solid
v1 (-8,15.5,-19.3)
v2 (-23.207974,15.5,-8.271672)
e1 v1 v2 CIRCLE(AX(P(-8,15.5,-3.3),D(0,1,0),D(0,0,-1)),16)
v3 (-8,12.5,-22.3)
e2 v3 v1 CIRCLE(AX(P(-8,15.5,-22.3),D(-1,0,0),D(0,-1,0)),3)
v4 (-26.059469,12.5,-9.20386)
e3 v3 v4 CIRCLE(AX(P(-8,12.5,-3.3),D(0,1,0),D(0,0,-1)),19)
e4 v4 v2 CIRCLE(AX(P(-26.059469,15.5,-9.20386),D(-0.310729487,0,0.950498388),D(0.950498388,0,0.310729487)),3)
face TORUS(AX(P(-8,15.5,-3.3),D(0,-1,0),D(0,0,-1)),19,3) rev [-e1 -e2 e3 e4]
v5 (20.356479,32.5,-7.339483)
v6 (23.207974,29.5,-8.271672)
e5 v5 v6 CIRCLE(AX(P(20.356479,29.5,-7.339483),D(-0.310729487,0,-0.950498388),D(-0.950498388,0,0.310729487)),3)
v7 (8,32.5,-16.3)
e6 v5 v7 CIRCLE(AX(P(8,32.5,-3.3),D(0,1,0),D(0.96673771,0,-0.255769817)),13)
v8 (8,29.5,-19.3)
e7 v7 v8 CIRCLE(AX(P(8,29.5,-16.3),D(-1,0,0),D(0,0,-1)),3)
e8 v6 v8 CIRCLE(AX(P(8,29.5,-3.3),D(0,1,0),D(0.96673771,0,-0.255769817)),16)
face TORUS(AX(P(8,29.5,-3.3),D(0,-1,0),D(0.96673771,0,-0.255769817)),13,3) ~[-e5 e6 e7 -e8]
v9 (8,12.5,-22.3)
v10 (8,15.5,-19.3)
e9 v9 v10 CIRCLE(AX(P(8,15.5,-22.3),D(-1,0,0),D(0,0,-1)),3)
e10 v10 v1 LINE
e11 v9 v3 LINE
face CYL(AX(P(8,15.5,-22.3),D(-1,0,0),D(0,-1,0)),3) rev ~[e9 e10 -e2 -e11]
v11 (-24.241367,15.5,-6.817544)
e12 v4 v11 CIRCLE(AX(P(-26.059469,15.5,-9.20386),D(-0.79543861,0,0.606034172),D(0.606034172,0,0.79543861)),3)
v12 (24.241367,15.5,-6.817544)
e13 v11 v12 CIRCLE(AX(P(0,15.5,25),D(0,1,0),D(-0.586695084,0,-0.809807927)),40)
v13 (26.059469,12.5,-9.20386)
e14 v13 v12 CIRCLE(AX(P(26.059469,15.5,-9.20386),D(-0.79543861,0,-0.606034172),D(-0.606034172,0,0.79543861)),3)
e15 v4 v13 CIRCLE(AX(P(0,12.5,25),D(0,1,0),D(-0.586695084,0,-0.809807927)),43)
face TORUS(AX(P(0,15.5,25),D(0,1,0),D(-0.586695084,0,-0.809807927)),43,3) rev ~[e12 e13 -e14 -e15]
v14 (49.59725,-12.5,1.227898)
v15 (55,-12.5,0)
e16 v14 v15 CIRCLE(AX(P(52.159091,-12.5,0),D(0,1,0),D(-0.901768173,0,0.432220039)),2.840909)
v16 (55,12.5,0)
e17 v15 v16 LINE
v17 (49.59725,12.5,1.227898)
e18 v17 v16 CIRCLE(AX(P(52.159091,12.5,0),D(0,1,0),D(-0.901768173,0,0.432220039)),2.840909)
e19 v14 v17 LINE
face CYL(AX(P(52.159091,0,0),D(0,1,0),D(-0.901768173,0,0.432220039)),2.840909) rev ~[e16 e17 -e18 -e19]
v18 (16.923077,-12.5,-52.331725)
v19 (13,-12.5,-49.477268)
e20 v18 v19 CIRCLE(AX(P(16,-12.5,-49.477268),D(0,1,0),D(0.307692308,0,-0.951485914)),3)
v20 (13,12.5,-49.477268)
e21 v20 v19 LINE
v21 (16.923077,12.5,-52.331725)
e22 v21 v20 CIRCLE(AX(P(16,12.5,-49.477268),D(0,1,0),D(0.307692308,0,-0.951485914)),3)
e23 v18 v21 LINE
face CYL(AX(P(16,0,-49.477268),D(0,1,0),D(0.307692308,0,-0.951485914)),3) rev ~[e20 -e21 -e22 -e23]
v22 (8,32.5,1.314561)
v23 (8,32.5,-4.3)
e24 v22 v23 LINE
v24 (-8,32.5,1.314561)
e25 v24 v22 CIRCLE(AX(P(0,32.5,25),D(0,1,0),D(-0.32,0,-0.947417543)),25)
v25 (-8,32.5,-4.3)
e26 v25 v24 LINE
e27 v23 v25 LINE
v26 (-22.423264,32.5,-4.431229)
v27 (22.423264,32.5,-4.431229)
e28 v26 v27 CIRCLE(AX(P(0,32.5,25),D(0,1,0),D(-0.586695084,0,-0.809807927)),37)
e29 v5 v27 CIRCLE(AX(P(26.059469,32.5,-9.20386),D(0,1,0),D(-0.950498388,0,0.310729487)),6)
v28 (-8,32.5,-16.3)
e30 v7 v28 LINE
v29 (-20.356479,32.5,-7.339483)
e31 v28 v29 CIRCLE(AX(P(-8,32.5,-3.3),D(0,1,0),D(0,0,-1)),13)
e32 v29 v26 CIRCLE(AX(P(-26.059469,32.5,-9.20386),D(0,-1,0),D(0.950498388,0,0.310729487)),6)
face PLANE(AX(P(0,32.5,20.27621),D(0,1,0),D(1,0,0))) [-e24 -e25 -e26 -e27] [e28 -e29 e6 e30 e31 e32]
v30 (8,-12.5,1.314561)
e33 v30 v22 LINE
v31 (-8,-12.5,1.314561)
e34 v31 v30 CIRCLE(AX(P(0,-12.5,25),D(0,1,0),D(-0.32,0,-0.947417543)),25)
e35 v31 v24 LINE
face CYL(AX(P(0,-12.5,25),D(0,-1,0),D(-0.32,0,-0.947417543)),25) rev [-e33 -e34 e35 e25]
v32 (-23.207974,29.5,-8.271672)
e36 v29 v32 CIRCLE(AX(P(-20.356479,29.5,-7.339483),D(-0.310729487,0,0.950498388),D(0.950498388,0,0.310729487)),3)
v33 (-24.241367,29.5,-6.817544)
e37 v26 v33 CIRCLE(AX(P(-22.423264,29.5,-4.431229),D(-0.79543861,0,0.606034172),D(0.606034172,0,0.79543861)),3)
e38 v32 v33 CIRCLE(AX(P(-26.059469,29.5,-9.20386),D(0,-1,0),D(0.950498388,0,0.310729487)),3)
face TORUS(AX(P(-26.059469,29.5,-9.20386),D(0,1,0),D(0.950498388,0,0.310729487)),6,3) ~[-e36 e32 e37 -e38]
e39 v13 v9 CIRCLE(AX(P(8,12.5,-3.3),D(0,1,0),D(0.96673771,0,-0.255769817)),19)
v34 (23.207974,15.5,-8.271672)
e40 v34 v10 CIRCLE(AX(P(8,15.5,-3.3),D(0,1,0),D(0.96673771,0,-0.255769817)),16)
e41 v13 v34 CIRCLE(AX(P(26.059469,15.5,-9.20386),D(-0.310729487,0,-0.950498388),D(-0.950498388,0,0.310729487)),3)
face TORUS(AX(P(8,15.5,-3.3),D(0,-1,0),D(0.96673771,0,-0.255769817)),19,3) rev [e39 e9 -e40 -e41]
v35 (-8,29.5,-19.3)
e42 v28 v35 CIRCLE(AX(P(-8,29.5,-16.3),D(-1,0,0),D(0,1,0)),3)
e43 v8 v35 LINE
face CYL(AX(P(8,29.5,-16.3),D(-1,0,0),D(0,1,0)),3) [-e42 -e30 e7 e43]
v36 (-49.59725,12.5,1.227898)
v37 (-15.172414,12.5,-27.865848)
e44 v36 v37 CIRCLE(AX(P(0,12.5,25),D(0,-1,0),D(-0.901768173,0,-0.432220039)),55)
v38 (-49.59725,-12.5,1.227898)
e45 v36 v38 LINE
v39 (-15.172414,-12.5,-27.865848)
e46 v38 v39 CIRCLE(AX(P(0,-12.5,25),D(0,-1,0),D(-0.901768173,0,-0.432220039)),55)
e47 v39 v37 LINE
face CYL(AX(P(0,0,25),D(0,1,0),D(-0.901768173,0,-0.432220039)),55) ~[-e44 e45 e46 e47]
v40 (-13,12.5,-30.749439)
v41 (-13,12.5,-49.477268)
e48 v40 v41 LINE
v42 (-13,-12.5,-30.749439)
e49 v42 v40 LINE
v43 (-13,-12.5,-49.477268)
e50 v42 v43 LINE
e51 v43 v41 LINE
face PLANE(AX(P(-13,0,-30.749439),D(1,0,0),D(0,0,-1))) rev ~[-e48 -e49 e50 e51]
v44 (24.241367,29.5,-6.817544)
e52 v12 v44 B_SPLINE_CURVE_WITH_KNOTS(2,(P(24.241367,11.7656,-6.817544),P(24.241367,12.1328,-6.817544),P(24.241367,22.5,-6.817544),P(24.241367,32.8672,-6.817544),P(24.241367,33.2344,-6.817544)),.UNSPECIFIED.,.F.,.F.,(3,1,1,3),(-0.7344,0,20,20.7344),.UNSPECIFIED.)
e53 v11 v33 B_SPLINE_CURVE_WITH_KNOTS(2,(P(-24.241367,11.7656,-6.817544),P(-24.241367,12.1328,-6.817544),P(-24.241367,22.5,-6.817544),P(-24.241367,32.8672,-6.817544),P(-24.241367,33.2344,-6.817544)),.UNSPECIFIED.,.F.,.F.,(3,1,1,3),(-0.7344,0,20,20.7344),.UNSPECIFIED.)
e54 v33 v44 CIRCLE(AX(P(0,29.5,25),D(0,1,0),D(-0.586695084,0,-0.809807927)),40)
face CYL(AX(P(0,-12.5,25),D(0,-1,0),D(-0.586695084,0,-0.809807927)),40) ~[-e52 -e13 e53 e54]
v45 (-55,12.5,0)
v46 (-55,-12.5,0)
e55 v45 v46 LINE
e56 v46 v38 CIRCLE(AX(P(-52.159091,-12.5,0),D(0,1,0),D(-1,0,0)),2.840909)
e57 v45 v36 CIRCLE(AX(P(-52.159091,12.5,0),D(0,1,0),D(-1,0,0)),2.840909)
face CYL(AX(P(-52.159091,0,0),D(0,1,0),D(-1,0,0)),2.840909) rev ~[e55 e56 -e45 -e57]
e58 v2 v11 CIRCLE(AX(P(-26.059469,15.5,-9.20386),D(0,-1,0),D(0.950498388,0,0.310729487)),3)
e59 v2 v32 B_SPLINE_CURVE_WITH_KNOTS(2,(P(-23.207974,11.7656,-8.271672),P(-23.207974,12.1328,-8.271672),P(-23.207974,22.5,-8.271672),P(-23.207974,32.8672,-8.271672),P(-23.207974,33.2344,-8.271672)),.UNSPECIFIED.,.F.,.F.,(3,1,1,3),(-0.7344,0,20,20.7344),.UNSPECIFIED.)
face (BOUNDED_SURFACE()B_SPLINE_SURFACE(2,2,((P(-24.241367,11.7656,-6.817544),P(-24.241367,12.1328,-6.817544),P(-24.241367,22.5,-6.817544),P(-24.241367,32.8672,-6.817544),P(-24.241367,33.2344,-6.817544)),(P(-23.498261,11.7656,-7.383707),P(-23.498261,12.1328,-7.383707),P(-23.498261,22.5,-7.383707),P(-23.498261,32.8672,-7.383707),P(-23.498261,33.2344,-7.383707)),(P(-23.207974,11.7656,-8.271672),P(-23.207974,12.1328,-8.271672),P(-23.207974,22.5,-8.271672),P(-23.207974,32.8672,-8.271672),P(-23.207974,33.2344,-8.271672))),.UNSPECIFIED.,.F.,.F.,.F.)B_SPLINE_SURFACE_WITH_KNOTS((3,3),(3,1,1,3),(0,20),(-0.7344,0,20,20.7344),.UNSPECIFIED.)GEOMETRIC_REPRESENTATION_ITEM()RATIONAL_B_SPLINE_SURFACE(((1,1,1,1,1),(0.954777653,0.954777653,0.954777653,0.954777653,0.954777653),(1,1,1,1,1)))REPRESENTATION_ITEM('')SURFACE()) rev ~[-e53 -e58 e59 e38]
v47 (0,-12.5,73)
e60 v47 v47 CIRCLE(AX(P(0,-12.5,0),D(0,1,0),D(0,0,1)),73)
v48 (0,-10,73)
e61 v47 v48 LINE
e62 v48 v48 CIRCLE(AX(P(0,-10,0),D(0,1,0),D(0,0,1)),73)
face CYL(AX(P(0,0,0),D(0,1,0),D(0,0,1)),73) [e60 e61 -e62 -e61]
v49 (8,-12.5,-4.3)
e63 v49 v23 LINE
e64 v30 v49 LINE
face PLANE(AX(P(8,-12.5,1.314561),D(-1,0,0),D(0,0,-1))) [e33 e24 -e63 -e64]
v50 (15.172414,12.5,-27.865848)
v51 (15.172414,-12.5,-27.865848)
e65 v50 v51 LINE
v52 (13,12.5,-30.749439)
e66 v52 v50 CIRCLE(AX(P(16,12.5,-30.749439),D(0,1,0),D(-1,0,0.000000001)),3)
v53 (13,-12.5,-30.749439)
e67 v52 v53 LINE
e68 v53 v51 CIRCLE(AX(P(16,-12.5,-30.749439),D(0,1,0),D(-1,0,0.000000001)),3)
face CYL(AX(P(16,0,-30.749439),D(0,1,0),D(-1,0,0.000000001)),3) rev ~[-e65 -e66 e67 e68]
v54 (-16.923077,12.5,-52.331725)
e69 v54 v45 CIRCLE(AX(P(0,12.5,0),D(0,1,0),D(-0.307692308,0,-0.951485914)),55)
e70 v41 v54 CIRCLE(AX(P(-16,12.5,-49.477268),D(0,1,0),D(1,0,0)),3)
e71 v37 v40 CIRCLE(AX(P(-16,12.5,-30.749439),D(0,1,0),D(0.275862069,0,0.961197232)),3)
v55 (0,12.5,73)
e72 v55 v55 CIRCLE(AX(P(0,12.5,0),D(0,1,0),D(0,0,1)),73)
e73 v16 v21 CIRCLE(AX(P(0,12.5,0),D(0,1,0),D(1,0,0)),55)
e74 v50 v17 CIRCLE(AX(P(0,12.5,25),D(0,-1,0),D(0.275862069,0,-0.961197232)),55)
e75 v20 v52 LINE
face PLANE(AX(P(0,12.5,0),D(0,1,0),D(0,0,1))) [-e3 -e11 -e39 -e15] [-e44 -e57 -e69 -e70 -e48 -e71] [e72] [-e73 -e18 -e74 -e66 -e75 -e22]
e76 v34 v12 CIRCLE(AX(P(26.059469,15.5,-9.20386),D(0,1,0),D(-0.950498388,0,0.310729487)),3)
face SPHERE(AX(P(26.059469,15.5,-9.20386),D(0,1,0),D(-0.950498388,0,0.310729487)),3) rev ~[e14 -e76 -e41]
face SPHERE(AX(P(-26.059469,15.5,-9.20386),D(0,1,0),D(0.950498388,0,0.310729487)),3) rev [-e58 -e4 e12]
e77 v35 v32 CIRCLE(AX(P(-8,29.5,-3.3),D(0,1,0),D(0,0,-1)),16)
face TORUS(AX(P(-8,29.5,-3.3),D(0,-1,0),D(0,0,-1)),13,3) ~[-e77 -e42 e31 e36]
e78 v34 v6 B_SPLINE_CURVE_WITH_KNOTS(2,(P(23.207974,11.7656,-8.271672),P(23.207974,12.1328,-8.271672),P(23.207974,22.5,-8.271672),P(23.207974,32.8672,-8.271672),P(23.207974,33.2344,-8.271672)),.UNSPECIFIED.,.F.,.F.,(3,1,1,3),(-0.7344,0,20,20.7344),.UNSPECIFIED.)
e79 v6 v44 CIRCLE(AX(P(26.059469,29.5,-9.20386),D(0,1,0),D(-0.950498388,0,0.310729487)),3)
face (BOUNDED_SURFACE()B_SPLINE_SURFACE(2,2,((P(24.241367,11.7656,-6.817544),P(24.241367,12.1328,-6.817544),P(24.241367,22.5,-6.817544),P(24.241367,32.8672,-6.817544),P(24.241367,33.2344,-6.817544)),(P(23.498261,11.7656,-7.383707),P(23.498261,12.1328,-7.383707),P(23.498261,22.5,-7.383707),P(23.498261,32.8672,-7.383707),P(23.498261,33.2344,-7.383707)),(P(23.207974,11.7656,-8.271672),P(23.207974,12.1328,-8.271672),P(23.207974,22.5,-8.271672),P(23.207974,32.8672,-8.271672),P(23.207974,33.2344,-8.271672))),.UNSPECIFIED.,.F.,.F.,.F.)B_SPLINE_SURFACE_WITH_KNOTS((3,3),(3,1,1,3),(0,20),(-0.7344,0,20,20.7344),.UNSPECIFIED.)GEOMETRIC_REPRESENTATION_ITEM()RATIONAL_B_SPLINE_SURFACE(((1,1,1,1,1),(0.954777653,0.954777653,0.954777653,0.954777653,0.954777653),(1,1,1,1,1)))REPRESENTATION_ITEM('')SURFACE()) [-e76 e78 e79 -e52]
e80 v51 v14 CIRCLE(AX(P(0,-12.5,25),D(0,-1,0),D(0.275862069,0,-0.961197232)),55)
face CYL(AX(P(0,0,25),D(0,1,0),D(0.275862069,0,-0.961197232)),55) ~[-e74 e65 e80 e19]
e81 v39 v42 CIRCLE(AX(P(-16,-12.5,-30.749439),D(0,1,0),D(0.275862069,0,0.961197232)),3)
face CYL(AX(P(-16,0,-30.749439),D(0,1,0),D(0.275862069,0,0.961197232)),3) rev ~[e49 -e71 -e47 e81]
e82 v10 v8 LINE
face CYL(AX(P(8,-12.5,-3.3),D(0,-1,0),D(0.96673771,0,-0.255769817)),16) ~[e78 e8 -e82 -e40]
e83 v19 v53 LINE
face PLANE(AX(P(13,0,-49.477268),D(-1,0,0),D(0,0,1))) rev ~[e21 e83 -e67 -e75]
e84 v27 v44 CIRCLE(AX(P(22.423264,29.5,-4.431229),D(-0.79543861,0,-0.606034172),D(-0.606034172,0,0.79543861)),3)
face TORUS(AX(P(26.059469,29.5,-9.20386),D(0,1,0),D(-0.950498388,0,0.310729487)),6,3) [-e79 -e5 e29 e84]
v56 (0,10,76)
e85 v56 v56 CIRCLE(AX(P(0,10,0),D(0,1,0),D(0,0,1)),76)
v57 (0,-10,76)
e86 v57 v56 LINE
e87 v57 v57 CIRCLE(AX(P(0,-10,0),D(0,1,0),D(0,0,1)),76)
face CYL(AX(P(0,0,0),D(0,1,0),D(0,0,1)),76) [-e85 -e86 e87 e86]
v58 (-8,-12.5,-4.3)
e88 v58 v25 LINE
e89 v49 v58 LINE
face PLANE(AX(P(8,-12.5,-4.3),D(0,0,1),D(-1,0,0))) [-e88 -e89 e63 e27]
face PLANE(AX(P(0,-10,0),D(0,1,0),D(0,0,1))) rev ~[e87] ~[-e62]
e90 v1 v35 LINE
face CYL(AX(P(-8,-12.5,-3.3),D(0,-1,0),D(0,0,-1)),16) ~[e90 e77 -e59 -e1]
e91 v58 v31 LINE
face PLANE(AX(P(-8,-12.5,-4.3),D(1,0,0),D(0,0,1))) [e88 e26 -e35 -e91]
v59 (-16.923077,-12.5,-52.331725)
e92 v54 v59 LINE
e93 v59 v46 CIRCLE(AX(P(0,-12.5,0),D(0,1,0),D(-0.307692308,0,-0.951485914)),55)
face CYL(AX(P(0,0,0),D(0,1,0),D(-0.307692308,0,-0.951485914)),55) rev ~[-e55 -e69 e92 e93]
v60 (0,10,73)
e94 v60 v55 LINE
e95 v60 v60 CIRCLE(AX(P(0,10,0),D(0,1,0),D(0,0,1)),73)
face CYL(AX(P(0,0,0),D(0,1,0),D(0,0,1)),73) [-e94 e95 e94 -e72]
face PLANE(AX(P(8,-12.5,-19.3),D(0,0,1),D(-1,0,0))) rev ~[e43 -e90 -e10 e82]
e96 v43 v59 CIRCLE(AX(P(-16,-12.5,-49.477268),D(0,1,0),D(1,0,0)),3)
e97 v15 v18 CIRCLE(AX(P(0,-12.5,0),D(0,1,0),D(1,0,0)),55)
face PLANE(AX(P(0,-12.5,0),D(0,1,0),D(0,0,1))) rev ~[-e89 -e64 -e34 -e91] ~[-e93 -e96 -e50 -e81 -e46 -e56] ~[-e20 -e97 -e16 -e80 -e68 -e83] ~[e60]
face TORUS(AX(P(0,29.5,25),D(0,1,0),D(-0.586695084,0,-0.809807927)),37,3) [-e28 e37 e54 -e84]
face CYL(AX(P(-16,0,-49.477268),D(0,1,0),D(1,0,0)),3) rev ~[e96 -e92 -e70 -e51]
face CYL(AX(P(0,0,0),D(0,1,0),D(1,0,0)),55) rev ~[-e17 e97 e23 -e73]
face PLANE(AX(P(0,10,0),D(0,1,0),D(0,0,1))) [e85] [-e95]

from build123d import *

# Parameters (mm, degrees)
SKETCH1_R                = 73
BOSS_EXTRUDE1_DEPTH      = 12.5
SKETCH1_3_R              = 76
SKETCH1_3_R_2            = 73
BOSS_EXTRUDE2_DEPTH      = 10
BOSS_EXTRUDE3_DEPTH      = 32.5
BOSS_EXTRUDE3_DEPTH_BACK = 12.5
FILLET1_R                = 3


with BuildPart() as part:
    # Sketch1 → Boss-Extrude1 (new, symmetric)
    with BuildSketch(Plane(origin=(0, 0, 0), x_dir=(1, 0, 0), z_dir=(0, 1, 0))):
        Circle(SKETCH1_R)
        with BuildLine():
            ThreePointArc((-23.467803367, 7.392317069), (-17.76019792, 15.978270251), (-8, 19.3))
            Line((-8, 19.3), (8, 19.3))
            ThreePointArc((8, 19.3), (17.76019792, 15.978270251), (23.467803367, 7.392317069))
            ThreePointArc((23.467803367, 7.392317069), (0, -65), (-23.467803367, 7.392317069))
        make_face(mode=Mode.SUBTRACT)
        with BuildLine():
            ThreePointArc((-16.923076923, 52.331725248), (-14.234954784, 51.903090128), (-13, 49.477267507))
            Line((-13, 49.477267507), (-13, 30.749439459))
            ThreePointArc((-13, 30.749439459), (-13.603882451, 28.944274456), (-15.172413793, 27.865847763))
            ThreePointArc((-15.172413793, 27.865847763), (-35.501955289, 17.007275211), (-49.597249509, -1.227897839))
            ThreePointArc((-49.597249509, -1.227897839), (-52.788696317, -2.770263795), (-55, 0))
            ThreePointArc((-55, 0), (-44.473414703, 32.359162298), (-16.923076923, 52.331725248))
        make_face(mode=Mode.SUBTRACT)
        with BuildLine():
            Line((13, 30.749439459), (13, 49.477267507))
            ThreePointArc((13, 49.477267507), (14.234954784, 51.903090128), (16.923076923, 52.331725248))
            ThreePointArc((16.923076923, 52.331725248), (44.473414703, 32.359162298), (55, 0))
            ThreePointArc((55, 0), (52.788696317, -2.770263795), (49.597249509, -1.227897839))
            ThreePointArc((49.597249509, -1.227897839), (35.501955289, 17.007275211), (15.172413793, 27.865847763))
            ThreePointArc((15.172413793, 27.865847763), (13.603882451, 28.944274456), (13, 30.749439459))
        make_face(mode=Mode.SUBTRACT)
    extrude(amount=BOSS_EXTRUDE1_DEPTH, both=True)

    # Sketch1<3> → Boss-Extrude2 (add, symmetric)
    with BuildSketch(Plane(origin=(0, 0, 0), x_dir=(1, 0, 0), z_dir=(0, 1, 0))):
        Circle(SKETCH1_3_R)
        Circle(SKETCH1_3_R_2, mode=Mode.SUBTRACT)
    extrude(amount=BOSS_EXTRUDE2_DEPTH, both=True)

    # Sketch1<4> → Boss-Extrude3 (add, two sides: drawn at the far end of the back side and taken through both)
    with BuildSketch(Plane(origin=(0, 0, 0), x_dir=(1, 0, 0), z_dir=(0, 1, 0)).offset(-BOSS_EXTRUDE3_DEPTH_BACK)):
        with BuildLine():
            Line((8, 19.3), (-8, 19.3))
            ThreePointArc((-8, 19.3), (-17.76019792, 15.978270251), (-23.467803367, 7.392317069))
            ThreePointArc((-23.467803367, 7.392317069), (0, -65), (23.467803367, 7.392317069))
            ThreePointArc((23.467803367, 7.392317069), (17.76019792, 15.978270251), (8, 19.3))
        make_face()
        with BuildLine():
            Line((-8, -1.314561435), (-8, 4.3))
            Line((-8, 4.3), (8, 4.3))
            Line((8, 4.3), (8, -1.314561435))
            ThreePointArc((8, -1.314561435), (0, -50), (-8, -1.314561435))
        make_face(mode=Mode.SUBTRACT)
    extrude(amount=BOSS_EXTRUDE3_DEPTH + BOSS_EXTRUDE3_DEPTH_BACK)

    # Fillet1
    fillet1_edges = [part.edges().sort_by_distance(p)[0] for p in [
        (-23.467803367, 22.5, -7.392317069),
        (23.467803367, 22.5, -7.392317069),
        (0, 12.5, -19.3),
        (-17.76019792, 12.5, -15.978270251),
        (0, 12.5, 65),
        (17.76019792, 12.5, -15.978270251),
        (-17.76019792, 32.5, -15.978270251),
        (17.76019792, 32.5, -15.978270251),
        (0, 32.5, 65),
        (0, 32.5, -19.3),
    ]]
    fillet(fillet1_edges, radius=FILLET1_R)


solid = part.part
